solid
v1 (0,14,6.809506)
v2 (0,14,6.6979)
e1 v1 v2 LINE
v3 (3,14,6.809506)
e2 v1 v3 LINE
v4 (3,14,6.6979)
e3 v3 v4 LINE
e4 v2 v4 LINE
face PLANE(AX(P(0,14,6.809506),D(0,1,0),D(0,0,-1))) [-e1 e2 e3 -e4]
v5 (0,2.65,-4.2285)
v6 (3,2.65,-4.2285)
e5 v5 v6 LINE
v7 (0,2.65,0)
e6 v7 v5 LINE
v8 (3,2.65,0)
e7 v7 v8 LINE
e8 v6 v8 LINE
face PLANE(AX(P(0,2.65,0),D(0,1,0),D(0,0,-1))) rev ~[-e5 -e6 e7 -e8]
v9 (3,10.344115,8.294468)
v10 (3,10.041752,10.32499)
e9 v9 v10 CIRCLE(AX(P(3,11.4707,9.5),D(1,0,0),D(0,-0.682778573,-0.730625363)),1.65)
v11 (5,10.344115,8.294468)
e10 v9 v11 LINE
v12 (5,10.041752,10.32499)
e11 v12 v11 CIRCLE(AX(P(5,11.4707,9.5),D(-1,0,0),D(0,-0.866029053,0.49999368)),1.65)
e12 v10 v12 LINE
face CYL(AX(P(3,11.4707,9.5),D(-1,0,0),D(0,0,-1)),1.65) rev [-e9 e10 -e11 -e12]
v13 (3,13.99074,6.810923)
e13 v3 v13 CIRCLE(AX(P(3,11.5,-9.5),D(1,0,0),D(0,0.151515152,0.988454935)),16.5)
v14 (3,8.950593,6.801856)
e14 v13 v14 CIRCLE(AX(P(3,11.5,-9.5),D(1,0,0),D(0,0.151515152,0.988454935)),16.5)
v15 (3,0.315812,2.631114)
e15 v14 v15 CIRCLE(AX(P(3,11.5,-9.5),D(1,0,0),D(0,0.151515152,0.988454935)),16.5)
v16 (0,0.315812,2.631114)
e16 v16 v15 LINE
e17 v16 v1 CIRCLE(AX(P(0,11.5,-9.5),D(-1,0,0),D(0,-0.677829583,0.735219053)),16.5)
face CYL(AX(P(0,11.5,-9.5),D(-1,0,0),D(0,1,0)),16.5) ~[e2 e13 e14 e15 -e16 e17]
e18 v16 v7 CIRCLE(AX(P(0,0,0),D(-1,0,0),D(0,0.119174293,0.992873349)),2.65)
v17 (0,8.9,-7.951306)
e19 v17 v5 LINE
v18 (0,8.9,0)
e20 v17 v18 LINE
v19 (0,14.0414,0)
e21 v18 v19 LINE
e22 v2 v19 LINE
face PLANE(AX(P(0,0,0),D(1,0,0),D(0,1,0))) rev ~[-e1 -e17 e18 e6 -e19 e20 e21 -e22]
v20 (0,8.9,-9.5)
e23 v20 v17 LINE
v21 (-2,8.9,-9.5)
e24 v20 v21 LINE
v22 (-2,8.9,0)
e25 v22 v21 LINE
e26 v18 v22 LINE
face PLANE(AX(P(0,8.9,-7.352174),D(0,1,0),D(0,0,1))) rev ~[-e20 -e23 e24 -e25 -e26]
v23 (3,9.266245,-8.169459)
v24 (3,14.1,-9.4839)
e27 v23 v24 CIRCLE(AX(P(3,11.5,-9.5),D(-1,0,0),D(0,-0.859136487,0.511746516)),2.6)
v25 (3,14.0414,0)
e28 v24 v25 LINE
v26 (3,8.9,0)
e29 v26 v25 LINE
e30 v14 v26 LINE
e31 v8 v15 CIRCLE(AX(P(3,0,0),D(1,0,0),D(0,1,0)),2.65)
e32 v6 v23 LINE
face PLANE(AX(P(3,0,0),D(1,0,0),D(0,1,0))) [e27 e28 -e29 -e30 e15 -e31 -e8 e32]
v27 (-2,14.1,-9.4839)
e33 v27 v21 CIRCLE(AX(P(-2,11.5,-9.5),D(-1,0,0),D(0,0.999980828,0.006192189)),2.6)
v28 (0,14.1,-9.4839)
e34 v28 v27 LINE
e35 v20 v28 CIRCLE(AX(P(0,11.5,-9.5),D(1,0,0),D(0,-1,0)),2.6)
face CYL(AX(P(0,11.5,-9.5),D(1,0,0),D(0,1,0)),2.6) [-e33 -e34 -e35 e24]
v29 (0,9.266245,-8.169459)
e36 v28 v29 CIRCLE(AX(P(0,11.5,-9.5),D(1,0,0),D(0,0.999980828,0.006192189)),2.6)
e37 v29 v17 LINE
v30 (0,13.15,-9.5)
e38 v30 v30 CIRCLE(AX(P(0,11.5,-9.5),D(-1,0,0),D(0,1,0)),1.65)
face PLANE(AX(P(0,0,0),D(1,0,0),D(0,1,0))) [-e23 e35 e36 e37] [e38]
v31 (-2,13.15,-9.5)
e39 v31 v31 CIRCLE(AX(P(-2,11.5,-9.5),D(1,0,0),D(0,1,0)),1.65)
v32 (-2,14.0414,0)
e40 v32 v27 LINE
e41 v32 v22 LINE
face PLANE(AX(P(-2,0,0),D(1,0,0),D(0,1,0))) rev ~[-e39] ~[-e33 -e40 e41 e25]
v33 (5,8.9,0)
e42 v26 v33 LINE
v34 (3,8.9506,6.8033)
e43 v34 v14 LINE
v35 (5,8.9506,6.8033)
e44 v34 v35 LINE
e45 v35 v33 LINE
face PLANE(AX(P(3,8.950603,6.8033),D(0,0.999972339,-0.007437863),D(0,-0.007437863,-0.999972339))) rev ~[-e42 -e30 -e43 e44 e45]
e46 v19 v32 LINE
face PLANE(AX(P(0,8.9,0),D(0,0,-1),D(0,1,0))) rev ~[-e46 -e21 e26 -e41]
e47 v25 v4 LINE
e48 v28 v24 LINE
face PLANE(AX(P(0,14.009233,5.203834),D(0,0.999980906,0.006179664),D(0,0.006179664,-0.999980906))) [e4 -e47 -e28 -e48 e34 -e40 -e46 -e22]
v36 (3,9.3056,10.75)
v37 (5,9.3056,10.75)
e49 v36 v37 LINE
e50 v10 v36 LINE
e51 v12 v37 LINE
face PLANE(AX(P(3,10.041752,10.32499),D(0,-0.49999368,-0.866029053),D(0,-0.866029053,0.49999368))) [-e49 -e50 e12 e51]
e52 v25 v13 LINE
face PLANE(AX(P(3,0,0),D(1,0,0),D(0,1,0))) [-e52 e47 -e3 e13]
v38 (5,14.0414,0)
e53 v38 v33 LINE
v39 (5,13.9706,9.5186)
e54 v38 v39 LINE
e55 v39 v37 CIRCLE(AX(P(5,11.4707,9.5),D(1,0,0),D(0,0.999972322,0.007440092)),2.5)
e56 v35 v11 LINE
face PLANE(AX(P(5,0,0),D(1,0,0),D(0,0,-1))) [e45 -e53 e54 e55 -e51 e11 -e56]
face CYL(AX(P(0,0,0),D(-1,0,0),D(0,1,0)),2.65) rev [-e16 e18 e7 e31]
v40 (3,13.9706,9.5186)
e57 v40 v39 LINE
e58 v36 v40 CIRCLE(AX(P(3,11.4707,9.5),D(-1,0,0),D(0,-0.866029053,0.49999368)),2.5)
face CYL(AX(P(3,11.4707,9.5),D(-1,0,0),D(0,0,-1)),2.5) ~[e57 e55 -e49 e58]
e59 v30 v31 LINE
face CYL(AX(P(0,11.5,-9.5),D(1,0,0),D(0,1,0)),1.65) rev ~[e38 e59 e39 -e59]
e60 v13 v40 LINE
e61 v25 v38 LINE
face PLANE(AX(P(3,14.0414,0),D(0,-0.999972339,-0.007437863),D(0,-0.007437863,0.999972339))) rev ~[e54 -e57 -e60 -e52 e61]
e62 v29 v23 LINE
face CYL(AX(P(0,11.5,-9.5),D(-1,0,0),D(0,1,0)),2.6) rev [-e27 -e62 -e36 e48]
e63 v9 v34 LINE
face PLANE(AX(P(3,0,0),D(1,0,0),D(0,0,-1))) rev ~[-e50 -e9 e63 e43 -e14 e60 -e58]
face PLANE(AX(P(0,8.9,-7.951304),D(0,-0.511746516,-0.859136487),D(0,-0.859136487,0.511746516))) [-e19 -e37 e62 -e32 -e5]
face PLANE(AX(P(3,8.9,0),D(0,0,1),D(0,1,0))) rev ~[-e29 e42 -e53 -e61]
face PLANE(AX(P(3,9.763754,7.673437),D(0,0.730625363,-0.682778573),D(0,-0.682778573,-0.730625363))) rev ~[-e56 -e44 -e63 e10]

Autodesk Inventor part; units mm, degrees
ref_plane "YZ Plane" through (0, 0, 0) normal (1, 0, 0) x (0, 1, 0)
ref_plane "XZ Plane" through (0, 0, 0) normal (0, 1, 0) x (-1, 0, 0)
ref_plane "XY Plane" through (0, 0, 0) normal (0, 0, 1) x (1, 0, 0)
sketch "スケッチ1" plane through (0, 0, 0) normal (1, 0, 0) x (0, 1, 0)
  line L0 (0, 0) -> (0, 6)
  line L1 (0, 6) -> (0, -6)
  line L2 (0, 0) -> (11.5, 0)
  line L3 (11.5, 0) -> (11.5, 9.5)
  line L4 (11.5, 9.5) -> (11.5, -9.5)
  circle A0 centre (0, 6) radius 1.25
  circle A1 centre (0, -6) radius 1.25
  circle A2 centre (11.5, 9.5) radius 1.65
  circle A3 centre (11.5, -9.5) radius 1.65
  circle A4 centre (11.5, 9.5) radius 2.5
  circle A5 centre (11.5, -9.5) radius 2.5
  circle A6 centre (0, 0) radius 2.65
  line L5 (0, 0) -> (-14.6, 0)
  circle A7 centre (-14.6, 0) radius 1.65
  circle A8 centre (-14.6, 0) radius 2.5
  circle A9 centre (0, 6) radius 2
  circle A10 centre (0, -6) radius 2
  line L6 (0, 8) -> (10.6499, 11.851)
  line L7 (0, -8) -> (10.6499, -11.851)
  line L8 (-14.6, 0) -> (-14.6, -2.5)
  line L9 (-14.6, 0) -> (-12.1, 0) construction
  line L10 (-14.6, -2.5) -> (-14.6, 2.5)
  line L11 (-14.6, -2.5) -> (-0.7212, -7.8655)
  line L12 (-14.6, 2.5) -> (-0.7212, 7.8655)
  circle A11 centre (11.5, -9.5) radius 14.9164
  line L13 (11.5, -9.5) -> (0, 0)
  line L14 (11.5, -9.5) -> (0, -2.65)
  line L15 (14, 9.5) -> (14, 6.6979)
  circle A12 centre (11.5, -9.5) radius 16.7294
  circle A13 centre (11.5, -9.5) radius 2.6
  circle A14 centre (11.5, -9.5) radius 16.5
  line L16 (14, 6.6979) -> (14.1, -9.4839)
  line L17 (8.9, -9.5) -> (8.9, 0)
  line L18 (9, 9.5) -> (9, 0)
  line L19 (14.0414, 0) -> (11.5, 0)
  line L20 (2.65, 0) -> (2.65, -4.2285)
  point P0 (9.3522, -8.2206)
  point P1 (0, 2.65)
  point P2 (12.4812, 7.2006)
  point P3 (14, 6.8095)
  point P4 (0.3158, 2.6311)
  point P5 (9.2662, -8.1695)
  dimension "d9" = 5
  dimension "d0" = 6
  dimension "d1" = 12
  dimension "d2" = 11.5
  dimension "d3" = 9.5
  dimension "d4" = 19
  dimension "d5" = 2.5
  dimension "d6" = 3.3
  dimension "d7" = 3.3
  dimension "d8" = 5
  dimension "d10" = 5.3
  dimension "d11" = 14.6
  dimension "d12" = 3.3
  dimension "d13" = 5
  dimension "d14" = 4
  dimension "d15" = 4
  dimension "d16" = 90
  dimension "d21" = 5.2
  dimension "d22" = 33
extrude "押し出し3" add sketch "スケッチ1" along normal blind 3 contours A6 A11 L18 L2 | L2 L17 L13 L20 | A6 A14 L18 A11 | L20 L13 L17 L14 | L2 L4 A13 L13 L17 | L18 A14 L3 A11 | A11 L3 L2 L18 | L17 L13 A13 L14 | A11 L16 L19 L3 | L3 A14 L15 L16 A11 | L19 L16 A13 L4
extrude "押し出し4" add sketch "スケッチ1" against normal blind 2 contours L2 L4 A13 L13 L17 | L17 L13 A13 L14 | L14 A13 L17 | A13 L13 A5 L14 | L14 A5 L7 A13 | L19 L16 A13 L4 | A13 L4 A5 L13 | L7 A5 L4 A13 | L14 A3 L4 A5 | A5 L13 A3 L14 | A5 L4 A3 L13
sketch "スケッチ2" plane through (3, 0, 0) normal (1, 0, 0) x (0, 0, -1)
  line L0 (0, 0) -> (0, 11.4707)
  line L1 (0, 14.0414) -> (0, 8.9) projected
  line L2 (0, 11.4707) -> (-9.5, 11.4707)
  circle A0 centre (-9.5, 11.4707) radius 1.65
  circle A1 centre (-9.5, 11.4707) radius 2.5
  line L3 (-9.5186, 8.9708) -> (0, 8.9)
  line L4 (0, 11.4707) -> (0, 14.0414)
  line L5 (0, 14.0414) -> (-6.6979, 14) projected
  line L6 (0, 14.0414) -> (-9.5186, 13.9706)
  line L7 (-9.5, 11.4707) -> (-6.8033, 8.9506)
  line L8 (-9.5, 11.4707) -> (-12, 11.4707)
  line L9 (0, 8.9) -> (7.9513, 8.9) projected
  line L10 (-9.5, 11.4707) -> (-10.75, 9.3056)
  point P0 (-11.15, 11.4707)
  point P1 (-8.2945, 10.3441)
  point P2 (-10.325, 10.0417)
  dimension "d27" = 9.5
  dimension "d28" = 3.3
  dimension "d29" = 5
extrude "押し出し5" add sketch "スケッチ2" along normal blind 2 contours L3 L7 A1 L2 L0 | L2 A1 L6 L1 | A1 L7 A0 L2 | L2 A0 L8 A1 | A1 L8 A0 L10
properties part number "ikafly2c"
